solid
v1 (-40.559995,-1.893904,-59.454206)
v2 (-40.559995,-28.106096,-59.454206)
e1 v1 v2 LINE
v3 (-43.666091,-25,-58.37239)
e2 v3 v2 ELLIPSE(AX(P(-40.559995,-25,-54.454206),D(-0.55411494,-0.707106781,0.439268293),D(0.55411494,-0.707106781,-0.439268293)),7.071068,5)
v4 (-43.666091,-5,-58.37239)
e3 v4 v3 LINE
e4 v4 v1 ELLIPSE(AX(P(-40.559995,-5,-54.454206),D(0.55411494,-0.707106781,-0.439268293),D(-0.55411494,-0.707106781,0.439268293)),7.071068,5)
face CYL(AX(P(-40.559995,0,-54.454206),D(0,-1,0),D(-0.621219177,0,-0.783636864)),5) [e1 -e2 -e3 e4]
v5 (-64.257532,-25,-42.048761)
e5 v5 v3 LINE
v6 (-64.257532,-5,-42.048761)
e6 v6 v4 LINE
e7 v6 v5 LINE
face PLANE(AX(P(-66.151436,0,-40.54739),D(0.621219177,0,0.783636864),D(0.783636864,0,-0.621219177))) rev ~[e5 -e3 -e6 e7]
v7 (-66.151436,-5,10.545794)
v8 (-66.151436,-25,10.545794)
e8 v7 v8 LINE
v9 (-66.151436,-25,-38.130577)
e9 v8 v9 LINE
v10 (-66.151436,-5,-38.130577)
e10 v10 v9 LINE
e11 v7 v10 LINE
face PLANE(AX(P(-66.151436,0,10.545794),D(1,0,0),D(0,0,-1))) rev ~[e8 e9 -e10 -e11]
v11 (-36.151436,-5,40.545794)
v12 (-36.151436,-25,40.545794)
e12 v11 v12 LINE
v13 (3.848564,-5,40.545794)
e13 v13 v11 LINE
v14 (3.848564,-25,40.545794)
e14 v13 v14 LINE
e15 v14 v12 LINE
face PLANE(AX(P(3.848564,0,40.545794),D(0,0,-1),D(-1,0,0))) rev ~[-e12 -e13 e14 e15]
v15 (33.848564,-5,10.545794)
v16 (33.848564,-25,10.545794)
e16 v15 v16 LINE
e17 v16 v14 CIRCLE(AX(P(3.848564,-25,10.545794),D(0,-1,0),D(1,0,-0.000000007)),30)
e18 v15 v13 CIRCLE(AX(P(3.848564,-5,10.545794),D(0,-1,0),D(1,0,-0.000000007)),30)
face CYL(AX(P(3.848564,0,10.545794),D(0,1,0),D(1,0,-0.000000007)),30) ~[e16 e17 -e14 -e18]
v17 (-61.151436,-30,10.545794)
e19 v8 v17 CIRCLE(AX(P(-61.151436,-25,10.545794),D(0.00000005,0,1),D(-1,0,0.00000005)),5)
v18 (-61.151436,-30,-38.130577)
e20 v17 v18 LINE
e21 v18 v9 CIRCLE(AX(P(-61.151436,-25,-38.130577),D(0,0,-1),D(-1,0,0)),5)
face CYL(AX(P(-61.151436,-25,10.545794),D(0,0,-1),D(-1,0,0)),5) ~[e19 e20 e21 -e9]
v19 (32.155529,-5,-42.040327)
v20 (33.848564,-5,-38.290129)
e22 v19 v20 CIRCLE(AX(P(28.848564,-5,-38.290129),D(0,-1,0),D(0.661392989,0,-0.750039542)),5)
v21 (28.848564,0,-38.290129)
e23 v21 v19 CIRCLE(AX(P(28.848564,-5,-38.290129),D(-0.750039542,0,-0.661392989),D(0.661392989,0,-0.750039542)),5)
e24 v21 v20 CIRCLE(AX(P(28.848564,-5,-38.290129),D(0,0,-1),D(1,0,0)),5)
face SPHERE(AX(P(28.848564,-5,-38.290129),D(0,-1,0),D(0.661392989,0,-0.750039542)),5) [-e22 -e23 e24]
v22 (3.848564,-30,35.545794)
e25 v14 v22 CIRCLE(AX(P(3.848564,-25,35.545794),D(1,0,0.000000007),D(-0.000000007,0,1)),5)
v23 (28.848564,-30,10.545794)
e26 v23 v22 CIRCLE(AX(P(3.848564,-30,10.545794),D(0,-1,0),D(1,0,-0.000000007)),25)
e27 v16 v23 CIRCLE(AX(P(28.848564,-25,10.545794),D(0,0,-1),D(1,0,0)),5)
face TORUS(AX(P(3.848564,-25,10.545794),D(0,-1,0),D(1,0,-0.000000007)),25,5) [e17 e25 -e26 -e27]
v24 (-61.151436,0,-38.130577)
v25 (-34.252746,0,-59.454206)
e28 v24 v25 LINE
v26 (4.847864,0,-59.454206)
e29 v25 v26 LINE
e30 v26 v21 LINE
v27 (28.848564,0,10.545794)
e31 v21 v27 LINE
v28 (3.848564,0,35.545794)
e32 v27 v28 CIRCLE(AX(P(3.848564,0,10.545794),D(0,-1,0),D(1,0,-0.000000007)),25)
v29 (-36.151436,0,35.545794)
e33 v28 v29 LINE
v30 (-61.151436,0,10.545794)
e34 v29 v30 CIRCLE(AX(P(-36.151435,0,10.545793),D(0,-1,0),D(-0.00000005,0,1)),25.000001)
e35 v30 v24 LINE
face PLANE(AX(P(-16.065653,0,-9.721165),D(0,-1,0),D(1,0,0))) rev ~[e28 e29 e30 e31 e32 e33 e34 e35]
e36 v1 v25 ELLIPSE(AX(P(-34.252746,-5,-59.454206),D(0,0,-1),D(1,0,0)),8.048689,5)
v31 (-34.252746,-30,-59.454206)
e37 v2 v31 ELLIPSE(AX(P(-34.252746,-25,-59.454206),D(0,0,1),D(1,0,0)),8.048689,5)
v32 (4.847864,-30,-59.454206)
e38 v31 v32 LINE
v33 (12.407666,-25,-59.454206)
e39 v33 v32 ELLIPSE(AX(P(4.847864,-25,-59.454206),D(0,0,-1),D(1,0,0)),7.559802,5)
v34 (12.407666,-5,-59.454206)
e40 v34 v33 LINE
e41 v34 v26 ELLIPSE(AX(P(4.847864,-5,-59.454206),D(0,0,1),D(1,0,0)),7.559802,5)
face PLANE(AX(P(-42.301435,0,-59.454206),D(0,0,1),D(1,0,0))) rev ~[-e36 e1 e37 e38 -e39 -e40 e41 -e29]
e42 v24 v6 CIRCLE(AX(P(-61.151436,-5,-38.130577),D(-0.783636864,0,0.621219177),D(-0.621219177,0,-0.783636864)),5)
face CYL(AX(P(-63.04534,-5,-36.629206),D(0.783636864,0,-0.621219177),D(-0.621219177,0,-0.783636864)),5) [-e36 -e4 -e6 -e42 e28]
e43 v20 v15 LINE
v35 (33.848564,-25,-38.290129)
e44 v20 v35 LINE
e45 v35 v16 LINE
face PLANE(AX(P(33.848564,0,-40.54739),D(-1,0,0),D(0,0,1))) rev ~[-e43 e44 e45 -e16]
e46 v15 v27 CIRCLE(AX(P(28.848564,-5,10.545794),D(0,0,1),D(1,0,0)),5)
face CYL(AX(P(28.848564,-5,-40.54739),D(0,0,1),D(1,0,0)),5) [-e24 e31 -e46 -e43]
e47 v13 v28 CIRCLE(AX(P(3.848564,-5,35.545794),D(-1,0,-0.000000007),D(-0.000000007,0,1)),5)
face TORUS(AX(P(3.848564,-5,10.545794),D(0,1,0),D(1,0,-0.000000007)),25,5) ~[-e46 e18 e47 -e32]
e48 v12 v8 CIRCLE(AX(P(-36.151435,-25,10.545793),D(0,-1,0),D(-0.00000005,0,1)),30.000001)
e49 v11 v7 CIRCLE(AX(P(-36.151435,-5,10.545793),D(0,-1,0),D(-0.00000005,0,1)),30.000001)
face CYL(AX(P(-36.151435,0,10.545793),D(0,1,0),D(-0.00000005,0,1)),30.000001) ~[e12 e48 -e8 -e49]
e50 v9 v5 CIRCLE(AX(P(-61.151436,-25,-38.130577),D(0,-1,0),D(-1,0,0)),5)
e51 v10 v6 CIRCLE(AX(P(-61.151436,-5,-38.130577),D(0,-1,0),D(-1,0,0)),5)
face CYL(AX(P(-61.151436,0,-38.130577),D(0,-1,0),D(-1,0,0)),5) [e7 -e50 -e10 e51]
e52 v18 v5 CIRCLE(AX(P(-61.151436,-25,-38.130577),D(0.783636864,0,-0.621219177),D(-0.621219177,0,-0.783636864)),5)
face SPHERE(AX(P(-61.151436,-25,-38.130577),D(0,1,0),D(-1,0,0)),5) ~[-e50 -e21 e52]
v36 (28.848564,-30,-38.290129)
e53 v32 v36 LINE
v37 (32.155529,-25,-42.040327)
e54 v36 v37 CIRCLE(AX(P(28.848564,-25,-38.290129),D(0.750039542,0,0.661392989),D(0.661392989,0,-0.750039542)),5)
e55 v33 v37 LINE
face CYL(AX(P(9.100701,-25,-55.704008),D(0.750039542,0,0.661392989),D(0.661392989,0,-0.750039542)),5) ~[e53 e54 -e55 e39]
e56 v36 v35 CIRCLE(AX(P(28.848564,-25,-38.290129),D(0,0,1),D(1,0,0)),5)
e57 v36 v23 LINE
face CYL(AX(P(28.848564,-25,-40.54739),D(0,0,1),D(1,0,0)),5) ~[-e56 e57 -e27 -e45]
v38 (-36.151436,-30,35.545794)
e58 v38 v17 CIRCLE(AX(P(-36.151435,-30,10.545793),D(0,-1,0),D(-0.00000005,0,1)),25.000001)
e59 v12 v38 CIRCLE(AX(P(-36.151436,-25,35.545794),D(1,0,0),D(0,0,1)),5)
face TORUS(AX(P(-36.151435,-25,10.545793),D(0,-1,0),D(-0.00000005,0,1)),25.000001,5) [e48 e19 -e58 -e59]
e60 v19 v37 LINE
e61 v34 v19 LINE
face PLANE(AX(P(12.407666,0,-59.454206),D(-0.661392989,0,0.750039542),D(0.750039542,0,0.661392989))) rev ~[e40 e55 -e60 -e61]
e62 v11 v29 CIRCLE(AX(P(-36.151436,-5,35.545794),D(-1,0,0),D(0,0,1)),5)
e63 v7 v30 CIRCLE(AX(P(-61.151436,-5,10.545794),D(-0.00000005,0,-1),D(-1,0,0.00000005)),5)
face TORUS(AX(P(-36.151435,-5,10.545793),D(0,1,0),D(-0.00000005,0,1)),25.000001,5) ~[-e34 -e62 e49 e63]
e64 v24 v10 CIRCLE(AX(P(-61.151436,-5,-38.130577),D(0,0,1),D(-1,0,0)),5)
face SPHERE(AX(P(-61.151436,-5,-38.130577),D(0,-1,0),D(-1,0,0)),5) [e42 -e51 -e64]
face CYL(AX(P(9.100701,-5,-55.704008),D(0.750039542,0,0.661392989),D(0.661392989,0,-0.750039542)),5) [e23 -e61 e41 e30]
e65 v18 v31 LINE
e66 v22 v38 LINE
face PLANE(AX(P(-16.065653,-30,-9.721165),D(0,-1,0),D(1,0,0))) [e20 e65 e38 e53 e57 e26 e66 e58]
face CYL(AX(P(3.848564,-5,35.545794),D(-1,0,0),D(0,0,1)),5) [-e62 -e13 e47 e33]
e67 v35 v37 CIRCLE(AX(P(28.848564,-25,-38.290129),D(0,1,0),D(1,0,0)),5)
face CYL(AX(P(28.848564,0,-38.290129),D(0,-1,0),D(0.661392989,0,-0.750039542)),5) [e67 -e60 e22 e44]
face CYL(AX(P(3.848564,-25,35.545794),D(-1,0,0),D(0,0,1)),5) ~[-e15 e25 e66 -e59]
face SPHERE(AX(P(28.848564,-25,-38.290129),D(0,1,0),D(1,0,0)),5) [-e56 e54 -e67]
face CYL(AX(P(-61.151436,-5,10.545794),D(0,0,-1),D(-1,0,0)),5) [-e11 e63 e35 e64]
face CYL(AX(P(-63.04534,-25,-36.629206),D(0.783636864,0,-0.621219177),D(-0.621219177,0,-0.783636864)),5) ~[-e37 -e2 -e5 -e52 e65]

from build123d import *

# Parameters (mm, degrees)
F1_DEPTH = 30
F2_R     = 5


with BuildPart() as f1:
    # F0 (on Front) → F1 (new body)
    with BuildSketch(Plane.XZ):
        with BuildLine():
            Line((3.848564, 40.545794), (-36.151436, 40.545794))
            ThreePointArc((-36.151436, 40.545794), (-57.364639, 31.758997), (-66.151436, 10.545794))
            Line((-66.151436, 10.545794), (-66.151436, -40.54739))
            Line((-66.151436, -40.54739), (-42.301435, -59.454206))
            Line((-42.301435, -59.454206), (12.407666, -59.454206))
            Line((12.407666, -59.454206), (33.848564, -40.54739))
            Line((33.848564, -40.54739), (33.848564, 10.545794))
            ThreePointArc((33.848564, 10.545794), (25.061768, 31.758997), (3.848564, 40.545794))
        make_face()
    extrude(amount=F1_DEPTH)

    # F2
    f2_edges = [f1.edges().sort_by_distance(p)[0] for p in [
        (-57.364639, -30, 31.758997),
        (-36.151436, -15, 40.545794),
        (-66.151436, -15, 10.545794),
        (-57.364639, 0, 31.758997),
        (25.061768, -30, 31.758997),
        (33.848564, -15, 10.545794),
        (3.848564, -15, 40.545794),
        (25.061768, 0, 31.758997),
        (23.128115, -30, -50.000798),
        (33.848564, -15, -40.54739),
        (-54.226435, -30, -50.000798),
        (-54.226435, 0, -50.000798),
        (-66.151436, -15, -40.54739),
        (-42.301435, -15, -59.454206),
        (23.128115, 0, -50.000798),
    ]]
    fillet(f2_edges, radius=F2_R)


solid = f1.part
